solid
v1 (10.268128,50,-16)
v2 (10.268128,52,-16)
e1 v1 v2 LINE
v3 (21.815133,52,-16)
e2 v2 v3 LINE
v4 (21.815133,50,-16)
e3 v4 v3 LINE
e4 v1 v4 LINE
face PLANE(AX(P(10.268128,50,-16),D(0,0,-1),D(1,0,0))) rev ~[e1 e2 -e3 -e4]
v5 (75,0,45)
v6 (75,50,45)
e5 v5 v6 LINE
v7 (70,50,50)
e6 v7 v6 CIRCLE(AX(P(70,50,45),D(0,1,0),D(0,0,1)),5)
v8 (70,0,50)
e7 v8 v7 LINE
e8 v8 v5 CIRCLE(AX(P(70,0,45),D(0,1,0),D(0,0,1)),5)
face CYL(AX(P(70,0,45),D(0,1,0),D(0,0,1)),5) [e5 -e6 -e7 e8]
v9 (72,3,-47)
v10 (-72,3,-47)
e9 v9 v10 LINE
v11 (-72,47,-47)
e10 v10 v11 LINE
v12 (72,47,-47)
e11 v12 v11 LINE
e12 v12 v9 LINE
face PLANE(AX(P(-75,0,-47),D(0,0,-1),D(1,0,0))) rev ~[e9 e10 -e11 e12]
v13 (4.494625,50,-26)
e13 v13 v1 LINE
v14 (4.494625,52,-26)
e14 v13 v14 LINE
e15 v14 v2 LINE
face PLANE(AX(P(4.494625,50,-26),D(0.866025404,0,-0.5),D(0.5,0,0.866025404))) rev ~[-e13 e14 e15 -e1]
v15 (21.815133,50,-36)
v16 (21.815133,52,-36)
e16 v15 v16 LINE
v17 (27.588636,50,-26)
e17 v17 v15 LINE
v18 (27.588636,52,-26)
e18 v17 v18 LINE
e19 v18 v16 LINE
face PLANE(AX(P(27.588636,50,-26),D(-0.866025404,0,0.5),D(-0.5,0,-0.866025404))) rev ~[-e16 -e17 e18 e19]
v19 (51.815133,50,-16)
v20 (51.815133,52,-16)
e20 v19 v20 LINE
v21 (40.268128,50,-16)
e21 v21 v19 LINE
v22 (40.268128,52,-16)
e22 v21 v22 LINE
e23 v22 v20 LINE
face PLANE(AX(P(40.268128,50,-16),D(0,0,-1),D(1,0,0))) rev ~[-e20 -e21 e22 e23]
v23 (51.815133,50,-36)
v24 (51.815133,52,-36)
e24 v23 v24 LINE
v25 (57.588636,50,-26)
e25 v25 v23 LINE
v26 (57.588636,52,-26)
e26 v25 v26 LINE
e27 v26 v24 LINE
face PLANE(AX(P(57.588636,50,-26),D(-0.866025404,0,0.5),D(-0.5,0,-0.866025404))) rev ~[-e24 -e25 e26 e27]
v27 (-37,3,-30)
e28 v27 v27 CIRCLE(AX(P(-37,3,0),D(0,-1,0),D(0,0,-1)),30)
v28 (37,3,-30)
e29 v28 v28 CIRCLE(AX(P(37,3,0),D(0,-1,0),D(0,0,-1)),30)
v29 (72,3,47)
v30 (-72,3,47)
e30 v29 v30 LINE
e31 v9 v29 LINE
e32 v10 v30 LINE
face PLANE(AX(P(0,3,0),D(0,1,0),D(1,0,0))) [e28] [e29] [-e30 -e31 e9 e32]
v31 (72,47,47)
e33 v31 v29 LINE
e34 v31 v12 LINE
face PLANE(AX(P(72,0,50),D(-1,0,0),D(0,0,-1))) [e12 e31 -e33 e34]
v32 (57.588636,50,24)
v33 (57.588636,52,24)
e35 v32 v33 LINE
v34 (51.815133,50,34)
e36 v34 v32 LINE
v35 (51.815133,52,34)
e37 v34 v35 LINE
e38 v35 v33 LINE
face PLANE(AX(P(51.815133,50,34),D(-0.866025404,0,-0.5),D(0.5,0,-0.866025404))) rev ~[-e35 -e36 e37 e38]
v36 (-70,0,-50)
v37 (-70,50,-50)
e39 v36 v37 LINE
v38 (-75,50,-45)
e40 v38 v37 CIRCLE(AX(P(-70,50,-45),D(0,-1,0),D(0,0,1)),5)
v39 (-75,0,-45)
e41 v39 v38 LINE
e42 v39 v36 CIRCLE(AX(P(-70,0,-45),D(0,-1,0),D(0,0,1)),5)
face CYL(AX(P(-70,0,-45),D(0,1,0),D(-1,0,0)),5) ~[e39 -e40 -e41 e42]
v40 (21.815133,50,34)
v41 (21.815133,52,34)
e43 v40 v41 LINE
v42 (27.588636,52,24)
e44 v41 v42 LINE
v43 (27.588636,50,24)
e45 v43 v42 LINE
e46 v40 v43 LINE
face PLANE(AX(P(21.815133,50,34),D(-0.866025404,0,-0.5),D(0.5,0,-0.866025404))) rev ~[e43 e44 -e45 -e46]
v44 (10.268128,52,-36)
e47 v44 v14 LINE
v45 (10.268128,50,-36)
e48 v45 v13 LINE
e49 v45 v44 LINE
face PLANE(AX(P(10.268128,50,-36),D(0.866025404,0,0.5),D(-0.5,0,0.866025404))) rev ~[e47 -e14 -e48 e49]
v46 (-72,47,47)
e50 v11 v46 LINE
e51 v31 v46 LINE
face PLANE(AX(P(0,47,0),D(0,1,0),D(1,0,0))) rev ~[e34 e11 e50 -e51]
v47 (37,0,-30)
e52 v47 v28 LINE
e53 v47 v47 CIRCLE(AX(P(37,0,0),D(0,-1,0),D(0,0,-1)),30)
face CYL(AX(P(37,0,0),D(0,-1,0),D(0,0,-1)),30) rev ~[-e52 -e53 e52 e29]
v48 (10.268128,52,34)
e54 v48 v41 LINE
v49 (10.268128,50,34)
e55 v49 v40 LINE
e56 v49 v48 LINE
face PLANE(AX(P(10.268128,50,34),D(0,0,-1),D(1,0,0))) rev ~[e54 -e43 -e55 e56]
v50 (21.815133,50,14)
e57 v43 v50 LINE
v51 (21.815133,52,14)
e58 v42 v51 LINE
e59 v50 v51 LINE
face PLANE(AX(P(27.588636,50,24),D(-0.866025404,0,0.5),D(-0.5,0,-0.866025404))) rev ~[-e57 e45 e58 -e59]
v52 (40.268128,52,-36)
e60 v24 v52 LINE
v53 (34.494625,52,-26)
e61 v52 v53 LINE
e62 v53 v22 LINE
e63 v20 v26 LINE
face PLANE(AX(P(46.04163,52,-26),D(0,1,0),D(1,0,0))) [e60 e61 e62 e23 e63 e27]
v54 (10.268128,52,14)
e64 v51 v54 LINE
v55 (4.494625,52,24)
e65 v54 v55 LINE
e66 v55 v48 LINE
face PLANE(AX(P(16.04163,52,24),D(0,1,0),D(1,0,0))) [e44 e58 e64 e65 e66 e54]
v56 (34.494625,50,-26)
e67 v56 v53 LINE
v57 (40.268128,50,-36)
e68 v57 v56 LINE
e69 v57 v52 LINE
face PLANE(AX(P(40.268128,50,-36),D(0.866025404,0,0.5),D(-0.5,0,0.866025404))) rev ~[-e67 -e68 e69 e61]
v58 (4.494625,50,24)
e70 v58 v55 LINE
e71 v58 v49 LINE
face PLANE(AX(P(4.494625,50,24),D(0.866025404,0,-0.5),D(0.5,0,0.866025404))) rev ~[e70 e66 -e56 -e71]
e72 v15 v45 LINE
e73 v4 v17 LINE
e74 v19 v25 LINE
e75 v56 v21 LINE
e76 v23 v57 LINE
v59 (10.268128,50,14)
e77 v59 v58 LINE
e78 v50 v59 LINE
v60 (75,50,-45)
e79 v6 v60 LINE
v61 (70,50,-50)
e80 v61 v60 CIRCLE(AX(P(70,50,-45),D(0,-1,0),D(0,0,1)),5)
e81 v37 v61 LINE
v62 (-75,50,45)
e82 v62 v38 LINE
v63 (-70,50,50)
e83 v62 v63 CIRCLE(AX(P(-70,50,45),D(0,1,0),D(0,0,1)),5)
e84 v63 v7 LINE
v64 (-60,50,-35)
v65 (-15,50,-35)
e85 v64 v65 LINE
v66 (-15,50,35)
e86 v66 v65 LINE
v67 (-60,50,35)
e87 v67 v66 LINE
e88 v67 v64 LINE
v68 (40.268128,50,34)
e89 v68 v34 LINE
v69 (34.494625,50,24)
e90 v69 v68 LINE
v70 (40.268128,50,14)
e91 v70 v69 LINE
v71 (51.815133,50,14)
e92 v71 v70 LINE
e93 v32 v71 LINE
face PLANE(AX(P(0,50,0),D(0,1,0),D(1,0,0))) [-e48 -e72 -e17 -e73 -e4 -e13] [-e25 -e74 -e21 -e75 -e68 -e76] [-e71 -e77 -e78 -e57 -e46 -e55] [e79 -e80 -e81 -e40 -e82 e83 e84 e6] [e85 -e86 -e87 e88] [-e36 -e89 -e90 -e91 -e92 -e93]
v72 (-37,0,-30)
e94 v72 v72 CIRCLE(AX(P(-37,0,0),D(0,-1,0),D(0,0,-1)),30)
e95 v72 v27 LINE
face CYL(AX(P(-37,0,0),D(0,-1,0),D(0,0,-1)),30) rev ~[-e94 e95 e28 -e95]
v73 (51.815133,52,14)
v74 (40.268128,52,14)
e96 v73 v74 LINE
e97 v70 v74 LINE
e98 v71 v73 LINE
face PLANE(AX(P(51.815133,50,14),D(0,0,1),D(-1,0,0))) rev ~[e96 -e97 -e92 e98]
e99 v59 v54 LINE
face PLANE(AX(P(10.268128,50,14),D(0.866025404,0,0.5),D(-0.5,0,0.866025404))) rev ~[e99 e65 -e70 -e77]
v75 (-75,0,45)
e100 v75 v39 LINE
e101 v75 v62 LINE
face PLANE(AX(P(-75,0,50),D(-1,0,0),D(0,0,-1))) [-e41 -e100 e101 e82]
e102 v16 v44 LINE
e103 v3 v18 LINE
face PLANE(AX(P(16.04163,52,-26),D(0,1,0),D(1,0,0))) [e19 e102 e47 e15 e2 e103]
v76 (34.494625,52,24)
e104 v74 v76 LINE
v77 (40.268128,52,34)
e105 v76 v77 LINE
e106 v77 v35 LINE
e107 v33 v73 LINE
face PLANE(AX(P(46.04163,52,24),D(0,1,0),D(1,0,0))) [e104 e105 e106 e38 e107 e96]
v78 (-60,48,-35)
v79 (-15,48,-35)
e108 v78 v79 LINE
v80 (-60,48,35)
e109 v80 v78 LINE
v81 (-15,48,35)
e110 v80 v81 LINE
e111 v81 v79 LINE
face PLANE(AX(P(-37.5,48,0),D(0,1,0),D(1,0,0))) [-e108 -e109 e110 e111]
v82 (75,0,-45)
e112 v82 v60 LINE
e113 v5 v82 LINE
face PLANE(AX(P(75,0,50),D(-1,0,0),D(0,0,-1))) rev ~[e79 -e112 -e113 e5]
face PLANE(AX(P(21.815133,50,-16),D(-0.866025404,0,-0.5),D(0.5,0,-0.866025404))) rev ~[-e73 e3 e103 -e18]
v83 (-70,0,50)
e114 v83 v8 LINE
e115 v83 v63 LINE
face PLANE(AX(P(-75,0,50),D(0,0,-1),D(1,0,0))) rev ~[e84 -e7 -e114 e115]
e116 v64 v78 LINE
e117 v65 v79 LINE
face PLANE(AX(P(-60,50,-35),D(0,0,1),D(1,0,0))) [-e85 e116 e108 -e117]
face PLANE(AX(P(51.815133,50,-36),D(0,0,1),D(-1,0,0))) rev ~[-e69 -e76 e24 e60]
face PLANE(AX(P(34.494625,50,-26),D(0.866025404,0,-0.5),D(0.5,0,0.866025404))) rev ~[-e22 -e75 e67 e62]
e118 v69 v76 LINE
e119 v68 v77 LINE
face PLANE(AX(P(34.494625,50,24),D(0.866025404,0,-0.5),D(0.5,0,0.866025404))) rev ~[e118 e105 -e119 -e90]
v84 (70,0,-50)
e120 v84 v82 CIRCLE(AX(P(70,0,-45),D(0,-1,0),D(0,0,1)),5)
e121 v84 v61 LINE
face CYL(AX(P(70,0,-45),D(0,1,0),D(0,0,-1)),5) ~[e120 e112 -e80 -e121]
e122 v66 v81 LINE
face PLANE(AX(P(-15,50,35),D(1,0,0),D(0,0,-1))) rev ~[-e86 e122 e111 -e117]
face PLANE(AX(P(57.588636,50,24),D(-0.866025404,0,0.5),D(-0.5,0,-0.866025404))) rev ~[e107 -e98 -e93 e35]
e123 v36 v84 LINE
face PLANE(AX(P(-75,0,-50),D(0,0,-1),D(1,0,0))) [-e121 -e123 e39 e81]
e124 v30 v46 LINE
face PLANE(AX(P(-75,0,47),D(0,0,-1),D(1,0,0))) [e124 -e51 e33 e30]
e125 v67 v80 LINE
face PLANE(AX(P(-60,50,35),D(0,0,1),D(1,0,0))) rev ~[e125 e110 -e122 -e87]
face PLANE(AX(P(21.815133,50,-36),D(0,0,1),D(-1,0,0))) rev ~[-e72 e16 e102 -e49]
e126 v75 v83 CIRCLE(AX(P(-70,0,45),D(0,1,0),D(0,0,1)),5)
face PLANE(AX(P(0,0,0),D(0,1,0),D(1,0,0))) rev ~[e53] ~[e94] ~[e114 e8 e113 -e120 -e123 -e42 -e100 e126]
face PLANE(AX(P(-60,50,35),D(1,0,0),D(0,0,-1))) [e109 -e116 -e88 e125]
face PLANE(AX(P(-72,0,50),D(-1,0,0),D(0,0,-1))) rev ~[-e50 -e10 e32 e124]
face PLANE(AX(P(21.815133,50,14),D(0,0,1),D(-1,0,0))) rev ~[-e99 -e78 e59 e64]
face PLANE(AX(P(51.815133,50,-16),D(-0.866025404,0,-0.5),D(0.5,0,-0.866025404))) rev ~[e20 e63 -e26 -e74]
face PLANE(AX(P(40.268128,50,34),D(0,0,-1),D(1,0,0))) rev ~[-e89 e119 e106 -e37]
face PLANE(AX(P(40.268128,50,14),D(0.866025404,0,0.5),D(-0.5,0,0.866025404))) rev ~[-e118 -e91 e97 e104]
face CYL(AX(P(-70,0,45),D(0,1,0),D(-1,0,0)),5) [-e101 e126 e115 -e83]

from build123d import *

# Parameters (mm, degrees)
SKETCH1_W           = 150
SKETCH1_H           = 100
BOSS_EXTRUDE1_DEPTH = 50
SHELL1_T            = 3
SKETCH3_R           = 30
CUT_EXTRUDE2_DEPTH  = 5
SKETCH4_W           = 45
SKETCH4_H           = 70
CUT_EXTRUDE3_DEPTH  = 2
BOSS_EXTRUDE2_DEPTH = 2
FILLET1_R           = 5


with BuildPart() as part:
    # Sketch1 → Boss-Extrude1 (new body)
    with BuildSketch(Plane(origin=(0, 0, 0), x_dir=(1, 0, 0), z_dir=(0, 1, 0))):
        Rectangle(SKETCH1_W, SKETCH1_H)
    extrude(amount=BOSS_EXTRUDE1_DEPTH)

    # Shell1 (no face opened: a closed hollow body)
    add(offset(amount=-SHELL1_T, mode=Mode.PRIVATE), mode=Mode.SUBTRACT)

    # Sketch3 → Cut-Extrude2 (cut)
    with BuildSketch(Plane.XZ):
        with Locations(Location((37, 0, 0), (0, 0, 270))):
            Circle(SKETCH3_R)
        with Locations(Location((-37, 0, 0), (0, 0, 270))):
            Circle(SKETCH3_R)
    extrude(amount=-CUT_EXTRUDE2_DEPTH, mode=Mode.SUBTRACT)

    # Sketch4 → Cut-Extrude3 (cut)
    with BuildSketch(Plane(origin=(0, 50, 0), x_dir=(1, 0, 0), z_dir=(0, 1, 0))):
        with Locations((-37.5, 0)):
            Rectangle(SKETCH4_W, SKETCH4_H)
    extrude(amount=-CUT_EXTRUDE3_DEPTH, mode=Mode.SUBTRACT)

    # Sketch5 → Boss-Extrude2 (add)
    with BuildSketch(Plane(origin=(0, 50, 0), x_dir=(1, 0, 0), z_dir=(0, 1, 0))):
        Polygon((57.58863582, -24), (51.815133128, -14), (40.268127744, -14), (34.494625052, -24), (40.268127744, -34), (51.815133128, -34), align=None)
        Polygon((27.58863582, -24), (21.815133128, -14), (10.268127744, -14), (4.494625052, -24), (10.268127744, -34), (21.815133128, -34), align=None)
        Polygon((57.58863582, 26), (51.815133128, 36), (40.268127744, 36), (34.494625052, 26), (40.268127744, 16), (51.815133128, 16), align=None)
        Polygon((27.58863582, 26), (21.815133128, 36), (10.268127744, 36), (4.494625052, 26), (10.268127744, 16), (21.815133128, 16), align=None)
    extrude(amount=BOSS_EXTRUDE2_DEPTH)

    # Fillet1
    fillet1_edges = [part.edges().sort_by_distance(p)[0] for p in [
        (75, 25, 50),
        (-75, 25, 50),
        (-75, 25, -50),
        (75, 25, -50),
    ]]
    fillet(fillet1_edges, radius=FILLET1_R)


solid = part.part
